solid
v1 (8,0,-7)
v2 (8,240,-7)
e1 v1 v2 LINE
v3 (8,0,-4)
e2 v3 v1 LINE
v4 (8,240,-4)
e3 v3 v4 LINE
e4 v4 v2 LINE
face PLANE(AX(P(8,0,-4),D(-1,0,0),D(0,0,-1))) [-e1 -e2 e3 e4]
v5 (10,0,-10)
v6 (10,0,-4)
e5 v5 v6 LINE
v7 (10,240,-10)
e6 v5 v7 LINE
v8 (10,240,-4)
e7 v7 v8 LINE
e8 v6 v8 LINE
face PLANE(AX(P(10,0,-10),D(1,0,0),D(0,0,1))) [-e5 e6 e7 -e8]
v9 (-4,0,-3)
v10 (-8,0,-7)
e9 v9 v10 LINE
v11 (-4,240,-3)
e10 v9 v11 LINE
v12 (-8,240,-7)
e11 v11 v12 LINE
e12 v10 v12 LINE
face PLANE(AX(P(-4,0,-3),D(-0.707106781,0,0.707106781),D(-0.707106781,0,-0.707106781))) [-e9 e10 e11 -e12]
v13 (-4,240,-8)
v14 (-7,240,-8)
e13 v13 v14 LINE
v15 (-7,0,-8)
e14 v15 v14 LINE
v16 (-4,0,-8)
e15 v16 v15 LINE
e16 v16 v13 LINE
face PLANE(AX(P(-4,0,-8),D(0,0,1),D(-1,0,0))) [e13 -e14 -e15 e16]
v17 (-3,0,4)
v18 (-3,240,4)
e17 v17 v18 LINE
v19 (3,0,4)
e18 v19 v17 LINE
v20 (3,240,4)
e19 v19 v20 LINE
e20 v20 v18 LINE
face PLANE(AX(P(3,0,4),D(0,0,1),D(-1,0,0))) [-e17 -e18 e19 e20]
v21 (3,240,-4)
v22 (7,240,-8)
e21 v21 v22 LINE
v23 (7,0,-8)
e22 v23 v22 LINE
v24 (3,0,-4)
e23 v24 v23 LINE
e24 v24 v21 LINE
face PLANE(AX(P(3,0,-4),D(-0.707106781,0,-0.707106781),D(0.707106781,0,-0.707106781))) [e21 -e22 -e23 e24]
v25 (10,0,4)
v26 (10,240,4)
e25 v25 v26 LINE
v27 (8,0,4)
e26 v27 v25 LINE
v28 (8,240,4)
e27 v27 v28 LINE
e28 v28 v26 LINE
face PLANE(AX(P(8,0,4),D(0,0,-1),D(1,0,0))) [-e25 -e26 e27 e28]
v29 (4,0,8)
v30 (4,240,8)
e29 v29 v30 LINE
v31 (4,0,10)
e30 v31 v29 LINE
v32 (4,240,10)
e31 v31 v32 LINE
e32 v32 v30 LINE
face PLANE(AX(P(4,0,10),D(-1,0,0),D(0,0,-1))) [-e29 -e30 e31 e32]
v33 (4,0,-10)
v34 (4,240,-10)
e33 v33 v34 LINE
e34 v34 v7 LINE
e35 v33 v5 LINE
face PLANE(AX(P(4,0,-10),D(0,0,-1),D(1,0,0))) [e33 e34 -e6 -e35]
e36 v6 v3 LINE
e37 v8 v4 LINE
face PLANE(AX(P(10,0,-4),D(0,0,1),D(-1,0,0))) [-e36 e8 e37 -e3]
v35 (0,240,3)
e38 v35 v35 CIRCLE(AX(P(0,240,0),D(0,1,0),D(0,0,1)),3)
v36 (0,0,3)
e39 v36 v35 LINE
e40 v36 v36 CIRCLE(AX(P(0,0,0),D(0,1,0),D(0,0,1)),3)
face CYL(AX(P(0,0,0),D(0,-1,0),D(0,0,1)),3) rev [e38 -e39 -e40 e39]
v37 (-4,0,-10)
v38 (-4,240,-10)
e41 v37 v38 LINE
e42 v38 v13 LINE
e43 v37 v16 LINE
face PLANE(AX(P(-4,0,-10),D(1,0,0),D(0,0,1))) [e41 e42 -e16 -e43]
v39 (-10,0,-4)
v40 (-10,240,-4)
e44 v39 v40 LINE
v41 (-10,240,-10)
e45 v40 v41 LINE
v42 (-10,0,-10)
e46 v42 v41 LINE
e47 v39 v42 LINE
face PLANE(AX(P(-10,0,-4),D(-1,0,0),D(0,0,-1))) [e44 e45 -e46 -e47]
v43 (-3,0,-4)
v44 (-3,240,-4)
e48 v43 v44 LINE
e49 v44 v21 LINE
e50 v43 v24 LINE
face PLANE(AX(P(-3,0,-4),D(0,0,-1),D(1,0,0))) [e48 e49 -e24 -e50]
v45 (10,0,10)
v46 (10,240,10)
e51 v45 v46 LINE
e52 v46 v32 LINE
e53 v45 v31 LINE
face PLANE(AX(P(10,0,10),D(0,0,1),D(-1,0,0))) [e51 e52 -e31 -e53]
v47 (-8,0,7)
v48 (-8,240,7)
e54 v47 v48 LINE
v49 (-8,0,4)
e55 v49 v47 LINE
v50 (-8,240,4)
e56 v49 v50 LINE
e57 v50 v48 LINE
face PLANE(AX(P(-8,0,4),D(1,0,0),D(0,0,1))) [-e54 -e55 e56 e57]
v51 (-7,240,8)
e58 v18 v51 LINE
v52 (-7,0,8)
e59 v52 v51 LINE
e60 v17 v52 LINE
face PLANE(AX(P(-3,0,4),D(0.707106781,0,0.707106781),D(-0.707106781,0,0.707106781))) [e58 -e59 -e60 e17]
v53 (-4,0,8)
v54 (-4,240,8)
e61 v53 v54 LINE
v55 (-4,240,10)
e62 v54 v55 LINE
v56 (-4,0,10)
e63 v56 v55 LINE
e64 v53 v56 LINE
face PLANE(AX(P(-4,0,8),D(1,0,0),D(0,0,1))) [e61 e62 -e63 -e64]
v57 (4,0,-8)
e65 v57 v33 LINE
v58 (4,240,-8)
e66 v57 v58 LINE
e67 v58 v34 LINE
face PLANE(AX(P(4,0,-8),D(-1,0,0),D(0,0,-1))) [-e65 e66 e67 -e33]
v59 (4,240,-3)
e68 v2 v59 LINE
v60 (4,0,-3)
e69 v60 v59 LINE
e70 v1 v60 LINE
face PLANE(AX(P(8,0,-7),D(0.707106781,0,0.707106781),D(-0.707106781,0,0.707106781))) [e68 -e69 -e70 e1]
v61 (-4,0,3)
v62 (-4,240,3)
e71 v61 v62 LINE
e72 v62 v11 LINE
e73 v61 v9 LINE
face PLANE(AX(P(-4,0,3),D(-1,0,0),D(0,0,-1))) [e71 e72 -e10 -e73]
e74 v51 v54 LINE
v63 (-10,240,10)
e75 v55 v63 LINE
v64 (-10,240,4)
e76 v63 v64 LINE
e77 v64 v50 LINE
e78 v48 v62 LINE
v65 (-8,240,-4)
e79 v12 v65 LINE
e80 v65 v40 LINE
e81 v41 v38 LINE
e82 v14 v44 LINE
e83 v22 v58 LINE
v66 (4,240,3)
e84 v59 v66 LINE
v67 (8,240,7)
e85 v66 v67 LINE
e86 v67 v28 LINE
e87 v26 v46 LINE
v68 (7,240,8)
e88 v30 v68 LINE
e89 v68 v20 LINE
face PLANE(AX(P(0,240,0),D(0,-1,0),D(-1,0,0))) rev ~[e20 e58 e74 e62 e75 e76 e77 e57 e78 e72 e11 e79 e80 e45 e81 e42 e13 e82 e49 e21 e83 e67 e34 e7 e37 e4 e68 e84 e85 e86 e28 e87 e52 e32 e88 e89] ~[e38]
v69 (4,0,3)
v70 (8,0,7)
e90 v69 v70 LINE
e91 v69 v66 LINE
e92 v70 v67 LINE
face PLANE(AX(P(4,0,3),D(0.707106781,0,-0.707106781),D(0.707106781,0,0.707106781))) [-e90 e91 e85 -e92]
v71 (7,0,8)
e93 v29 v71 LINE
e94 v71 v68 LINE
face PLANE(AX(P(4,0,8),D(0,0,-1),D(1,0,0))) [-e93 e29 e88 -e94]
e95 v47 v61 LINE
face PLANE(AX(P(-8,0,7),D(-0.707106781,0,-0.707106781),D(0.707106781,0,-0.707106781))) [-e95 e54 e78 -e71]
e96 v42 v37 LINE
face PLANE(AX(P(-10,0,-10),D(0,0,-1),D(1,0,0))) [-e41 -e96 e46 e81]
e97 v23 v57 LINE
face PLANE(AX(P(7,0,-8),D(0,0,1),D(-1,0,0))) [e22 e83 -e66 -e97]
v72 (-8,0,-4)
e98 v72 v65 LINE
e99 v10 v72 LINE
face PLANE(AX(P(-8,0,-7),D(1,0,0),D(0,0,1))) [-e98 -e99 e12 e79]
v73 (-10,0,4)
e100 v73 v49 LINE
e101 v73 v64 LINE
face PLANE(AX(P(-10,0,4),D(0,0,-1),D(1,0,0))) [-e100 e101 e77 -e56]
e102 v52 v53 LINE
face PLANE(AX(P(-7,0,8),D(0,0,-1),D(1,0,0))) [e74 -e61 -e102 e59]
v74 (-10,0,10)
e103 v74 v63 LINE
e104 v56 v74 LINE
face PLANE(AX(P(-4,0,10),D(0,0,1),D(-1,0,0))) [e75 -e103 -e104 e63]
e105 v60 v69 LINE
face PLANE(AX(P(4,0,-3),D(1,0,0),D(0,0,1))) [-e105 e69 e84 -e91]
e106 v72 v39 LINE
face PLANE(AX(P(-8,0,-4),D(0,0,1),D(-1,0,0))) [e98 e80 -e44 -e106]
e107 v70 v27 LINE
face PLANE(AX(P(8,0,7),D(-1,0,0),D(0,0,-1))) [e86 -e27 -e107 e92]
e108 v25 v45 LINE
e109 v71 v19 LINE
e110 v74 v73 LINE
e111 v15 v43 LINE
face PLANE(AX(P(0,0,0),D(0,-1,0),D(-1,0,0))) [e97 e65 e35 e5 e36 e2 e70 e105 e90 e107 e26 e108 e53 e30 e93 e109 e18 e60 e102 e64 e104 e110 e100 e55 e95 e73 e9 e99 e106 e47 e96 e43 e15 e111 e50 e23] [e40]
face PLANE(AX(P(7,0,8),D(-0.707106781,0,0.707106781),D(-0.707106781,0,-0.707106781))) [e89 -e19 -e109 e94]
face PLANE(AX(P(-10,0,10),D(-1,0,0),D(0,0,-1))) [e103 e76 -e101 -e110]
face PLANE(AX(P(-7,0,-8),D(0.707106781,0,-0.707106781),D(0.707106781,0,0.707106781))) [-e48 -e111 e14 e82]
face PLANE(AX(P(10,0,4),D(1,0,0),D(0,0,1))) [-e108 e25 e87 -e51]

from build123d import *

# Parameters (mm, degrees)
F_2020_SKETCH_R     = 3
BOSS_EXTRUDE1_DEPTH = 240


with BuildPart() as part:
    # 2020 sketch → Boss-Extrude1 (new body)
    with BuildSketch(Plane(origin=(0, 0, 0), x_dir=(1, 0, 0), z_dir=(0, 1, 0))):
        Polygon((-4, 10), (-4, 8), (-7, 8), (-3, 4), (3, 4), (7, 8), (4, 8), (4, 10), (10, 10), (10, 4), (8, 4), (8, 7), (4, 3), (4, -3), (8, -7), (8, -4), (10, -4), (10, -10), (4, -10), (4, -8), (7, -8), (3, -4), (-3, -4), (-7, -8), (-4, -8), (-4, -10), (-10, -10), (-10, -4), (-8, -4), (-8, -7), (-4, -3), (-4, 3), (-8, 7), (-8, 4), (-10, 4), (-10, 10), align=None)
        with Locations(Location((0, 0, 0), (0, 0, 270))):
            Circle(F_2020_SKETCH_R, mode=Mode.SUBTRACT)
    extrude(amount=BOSS_EXTRUDE1_DEPTH)


solid = part.part
